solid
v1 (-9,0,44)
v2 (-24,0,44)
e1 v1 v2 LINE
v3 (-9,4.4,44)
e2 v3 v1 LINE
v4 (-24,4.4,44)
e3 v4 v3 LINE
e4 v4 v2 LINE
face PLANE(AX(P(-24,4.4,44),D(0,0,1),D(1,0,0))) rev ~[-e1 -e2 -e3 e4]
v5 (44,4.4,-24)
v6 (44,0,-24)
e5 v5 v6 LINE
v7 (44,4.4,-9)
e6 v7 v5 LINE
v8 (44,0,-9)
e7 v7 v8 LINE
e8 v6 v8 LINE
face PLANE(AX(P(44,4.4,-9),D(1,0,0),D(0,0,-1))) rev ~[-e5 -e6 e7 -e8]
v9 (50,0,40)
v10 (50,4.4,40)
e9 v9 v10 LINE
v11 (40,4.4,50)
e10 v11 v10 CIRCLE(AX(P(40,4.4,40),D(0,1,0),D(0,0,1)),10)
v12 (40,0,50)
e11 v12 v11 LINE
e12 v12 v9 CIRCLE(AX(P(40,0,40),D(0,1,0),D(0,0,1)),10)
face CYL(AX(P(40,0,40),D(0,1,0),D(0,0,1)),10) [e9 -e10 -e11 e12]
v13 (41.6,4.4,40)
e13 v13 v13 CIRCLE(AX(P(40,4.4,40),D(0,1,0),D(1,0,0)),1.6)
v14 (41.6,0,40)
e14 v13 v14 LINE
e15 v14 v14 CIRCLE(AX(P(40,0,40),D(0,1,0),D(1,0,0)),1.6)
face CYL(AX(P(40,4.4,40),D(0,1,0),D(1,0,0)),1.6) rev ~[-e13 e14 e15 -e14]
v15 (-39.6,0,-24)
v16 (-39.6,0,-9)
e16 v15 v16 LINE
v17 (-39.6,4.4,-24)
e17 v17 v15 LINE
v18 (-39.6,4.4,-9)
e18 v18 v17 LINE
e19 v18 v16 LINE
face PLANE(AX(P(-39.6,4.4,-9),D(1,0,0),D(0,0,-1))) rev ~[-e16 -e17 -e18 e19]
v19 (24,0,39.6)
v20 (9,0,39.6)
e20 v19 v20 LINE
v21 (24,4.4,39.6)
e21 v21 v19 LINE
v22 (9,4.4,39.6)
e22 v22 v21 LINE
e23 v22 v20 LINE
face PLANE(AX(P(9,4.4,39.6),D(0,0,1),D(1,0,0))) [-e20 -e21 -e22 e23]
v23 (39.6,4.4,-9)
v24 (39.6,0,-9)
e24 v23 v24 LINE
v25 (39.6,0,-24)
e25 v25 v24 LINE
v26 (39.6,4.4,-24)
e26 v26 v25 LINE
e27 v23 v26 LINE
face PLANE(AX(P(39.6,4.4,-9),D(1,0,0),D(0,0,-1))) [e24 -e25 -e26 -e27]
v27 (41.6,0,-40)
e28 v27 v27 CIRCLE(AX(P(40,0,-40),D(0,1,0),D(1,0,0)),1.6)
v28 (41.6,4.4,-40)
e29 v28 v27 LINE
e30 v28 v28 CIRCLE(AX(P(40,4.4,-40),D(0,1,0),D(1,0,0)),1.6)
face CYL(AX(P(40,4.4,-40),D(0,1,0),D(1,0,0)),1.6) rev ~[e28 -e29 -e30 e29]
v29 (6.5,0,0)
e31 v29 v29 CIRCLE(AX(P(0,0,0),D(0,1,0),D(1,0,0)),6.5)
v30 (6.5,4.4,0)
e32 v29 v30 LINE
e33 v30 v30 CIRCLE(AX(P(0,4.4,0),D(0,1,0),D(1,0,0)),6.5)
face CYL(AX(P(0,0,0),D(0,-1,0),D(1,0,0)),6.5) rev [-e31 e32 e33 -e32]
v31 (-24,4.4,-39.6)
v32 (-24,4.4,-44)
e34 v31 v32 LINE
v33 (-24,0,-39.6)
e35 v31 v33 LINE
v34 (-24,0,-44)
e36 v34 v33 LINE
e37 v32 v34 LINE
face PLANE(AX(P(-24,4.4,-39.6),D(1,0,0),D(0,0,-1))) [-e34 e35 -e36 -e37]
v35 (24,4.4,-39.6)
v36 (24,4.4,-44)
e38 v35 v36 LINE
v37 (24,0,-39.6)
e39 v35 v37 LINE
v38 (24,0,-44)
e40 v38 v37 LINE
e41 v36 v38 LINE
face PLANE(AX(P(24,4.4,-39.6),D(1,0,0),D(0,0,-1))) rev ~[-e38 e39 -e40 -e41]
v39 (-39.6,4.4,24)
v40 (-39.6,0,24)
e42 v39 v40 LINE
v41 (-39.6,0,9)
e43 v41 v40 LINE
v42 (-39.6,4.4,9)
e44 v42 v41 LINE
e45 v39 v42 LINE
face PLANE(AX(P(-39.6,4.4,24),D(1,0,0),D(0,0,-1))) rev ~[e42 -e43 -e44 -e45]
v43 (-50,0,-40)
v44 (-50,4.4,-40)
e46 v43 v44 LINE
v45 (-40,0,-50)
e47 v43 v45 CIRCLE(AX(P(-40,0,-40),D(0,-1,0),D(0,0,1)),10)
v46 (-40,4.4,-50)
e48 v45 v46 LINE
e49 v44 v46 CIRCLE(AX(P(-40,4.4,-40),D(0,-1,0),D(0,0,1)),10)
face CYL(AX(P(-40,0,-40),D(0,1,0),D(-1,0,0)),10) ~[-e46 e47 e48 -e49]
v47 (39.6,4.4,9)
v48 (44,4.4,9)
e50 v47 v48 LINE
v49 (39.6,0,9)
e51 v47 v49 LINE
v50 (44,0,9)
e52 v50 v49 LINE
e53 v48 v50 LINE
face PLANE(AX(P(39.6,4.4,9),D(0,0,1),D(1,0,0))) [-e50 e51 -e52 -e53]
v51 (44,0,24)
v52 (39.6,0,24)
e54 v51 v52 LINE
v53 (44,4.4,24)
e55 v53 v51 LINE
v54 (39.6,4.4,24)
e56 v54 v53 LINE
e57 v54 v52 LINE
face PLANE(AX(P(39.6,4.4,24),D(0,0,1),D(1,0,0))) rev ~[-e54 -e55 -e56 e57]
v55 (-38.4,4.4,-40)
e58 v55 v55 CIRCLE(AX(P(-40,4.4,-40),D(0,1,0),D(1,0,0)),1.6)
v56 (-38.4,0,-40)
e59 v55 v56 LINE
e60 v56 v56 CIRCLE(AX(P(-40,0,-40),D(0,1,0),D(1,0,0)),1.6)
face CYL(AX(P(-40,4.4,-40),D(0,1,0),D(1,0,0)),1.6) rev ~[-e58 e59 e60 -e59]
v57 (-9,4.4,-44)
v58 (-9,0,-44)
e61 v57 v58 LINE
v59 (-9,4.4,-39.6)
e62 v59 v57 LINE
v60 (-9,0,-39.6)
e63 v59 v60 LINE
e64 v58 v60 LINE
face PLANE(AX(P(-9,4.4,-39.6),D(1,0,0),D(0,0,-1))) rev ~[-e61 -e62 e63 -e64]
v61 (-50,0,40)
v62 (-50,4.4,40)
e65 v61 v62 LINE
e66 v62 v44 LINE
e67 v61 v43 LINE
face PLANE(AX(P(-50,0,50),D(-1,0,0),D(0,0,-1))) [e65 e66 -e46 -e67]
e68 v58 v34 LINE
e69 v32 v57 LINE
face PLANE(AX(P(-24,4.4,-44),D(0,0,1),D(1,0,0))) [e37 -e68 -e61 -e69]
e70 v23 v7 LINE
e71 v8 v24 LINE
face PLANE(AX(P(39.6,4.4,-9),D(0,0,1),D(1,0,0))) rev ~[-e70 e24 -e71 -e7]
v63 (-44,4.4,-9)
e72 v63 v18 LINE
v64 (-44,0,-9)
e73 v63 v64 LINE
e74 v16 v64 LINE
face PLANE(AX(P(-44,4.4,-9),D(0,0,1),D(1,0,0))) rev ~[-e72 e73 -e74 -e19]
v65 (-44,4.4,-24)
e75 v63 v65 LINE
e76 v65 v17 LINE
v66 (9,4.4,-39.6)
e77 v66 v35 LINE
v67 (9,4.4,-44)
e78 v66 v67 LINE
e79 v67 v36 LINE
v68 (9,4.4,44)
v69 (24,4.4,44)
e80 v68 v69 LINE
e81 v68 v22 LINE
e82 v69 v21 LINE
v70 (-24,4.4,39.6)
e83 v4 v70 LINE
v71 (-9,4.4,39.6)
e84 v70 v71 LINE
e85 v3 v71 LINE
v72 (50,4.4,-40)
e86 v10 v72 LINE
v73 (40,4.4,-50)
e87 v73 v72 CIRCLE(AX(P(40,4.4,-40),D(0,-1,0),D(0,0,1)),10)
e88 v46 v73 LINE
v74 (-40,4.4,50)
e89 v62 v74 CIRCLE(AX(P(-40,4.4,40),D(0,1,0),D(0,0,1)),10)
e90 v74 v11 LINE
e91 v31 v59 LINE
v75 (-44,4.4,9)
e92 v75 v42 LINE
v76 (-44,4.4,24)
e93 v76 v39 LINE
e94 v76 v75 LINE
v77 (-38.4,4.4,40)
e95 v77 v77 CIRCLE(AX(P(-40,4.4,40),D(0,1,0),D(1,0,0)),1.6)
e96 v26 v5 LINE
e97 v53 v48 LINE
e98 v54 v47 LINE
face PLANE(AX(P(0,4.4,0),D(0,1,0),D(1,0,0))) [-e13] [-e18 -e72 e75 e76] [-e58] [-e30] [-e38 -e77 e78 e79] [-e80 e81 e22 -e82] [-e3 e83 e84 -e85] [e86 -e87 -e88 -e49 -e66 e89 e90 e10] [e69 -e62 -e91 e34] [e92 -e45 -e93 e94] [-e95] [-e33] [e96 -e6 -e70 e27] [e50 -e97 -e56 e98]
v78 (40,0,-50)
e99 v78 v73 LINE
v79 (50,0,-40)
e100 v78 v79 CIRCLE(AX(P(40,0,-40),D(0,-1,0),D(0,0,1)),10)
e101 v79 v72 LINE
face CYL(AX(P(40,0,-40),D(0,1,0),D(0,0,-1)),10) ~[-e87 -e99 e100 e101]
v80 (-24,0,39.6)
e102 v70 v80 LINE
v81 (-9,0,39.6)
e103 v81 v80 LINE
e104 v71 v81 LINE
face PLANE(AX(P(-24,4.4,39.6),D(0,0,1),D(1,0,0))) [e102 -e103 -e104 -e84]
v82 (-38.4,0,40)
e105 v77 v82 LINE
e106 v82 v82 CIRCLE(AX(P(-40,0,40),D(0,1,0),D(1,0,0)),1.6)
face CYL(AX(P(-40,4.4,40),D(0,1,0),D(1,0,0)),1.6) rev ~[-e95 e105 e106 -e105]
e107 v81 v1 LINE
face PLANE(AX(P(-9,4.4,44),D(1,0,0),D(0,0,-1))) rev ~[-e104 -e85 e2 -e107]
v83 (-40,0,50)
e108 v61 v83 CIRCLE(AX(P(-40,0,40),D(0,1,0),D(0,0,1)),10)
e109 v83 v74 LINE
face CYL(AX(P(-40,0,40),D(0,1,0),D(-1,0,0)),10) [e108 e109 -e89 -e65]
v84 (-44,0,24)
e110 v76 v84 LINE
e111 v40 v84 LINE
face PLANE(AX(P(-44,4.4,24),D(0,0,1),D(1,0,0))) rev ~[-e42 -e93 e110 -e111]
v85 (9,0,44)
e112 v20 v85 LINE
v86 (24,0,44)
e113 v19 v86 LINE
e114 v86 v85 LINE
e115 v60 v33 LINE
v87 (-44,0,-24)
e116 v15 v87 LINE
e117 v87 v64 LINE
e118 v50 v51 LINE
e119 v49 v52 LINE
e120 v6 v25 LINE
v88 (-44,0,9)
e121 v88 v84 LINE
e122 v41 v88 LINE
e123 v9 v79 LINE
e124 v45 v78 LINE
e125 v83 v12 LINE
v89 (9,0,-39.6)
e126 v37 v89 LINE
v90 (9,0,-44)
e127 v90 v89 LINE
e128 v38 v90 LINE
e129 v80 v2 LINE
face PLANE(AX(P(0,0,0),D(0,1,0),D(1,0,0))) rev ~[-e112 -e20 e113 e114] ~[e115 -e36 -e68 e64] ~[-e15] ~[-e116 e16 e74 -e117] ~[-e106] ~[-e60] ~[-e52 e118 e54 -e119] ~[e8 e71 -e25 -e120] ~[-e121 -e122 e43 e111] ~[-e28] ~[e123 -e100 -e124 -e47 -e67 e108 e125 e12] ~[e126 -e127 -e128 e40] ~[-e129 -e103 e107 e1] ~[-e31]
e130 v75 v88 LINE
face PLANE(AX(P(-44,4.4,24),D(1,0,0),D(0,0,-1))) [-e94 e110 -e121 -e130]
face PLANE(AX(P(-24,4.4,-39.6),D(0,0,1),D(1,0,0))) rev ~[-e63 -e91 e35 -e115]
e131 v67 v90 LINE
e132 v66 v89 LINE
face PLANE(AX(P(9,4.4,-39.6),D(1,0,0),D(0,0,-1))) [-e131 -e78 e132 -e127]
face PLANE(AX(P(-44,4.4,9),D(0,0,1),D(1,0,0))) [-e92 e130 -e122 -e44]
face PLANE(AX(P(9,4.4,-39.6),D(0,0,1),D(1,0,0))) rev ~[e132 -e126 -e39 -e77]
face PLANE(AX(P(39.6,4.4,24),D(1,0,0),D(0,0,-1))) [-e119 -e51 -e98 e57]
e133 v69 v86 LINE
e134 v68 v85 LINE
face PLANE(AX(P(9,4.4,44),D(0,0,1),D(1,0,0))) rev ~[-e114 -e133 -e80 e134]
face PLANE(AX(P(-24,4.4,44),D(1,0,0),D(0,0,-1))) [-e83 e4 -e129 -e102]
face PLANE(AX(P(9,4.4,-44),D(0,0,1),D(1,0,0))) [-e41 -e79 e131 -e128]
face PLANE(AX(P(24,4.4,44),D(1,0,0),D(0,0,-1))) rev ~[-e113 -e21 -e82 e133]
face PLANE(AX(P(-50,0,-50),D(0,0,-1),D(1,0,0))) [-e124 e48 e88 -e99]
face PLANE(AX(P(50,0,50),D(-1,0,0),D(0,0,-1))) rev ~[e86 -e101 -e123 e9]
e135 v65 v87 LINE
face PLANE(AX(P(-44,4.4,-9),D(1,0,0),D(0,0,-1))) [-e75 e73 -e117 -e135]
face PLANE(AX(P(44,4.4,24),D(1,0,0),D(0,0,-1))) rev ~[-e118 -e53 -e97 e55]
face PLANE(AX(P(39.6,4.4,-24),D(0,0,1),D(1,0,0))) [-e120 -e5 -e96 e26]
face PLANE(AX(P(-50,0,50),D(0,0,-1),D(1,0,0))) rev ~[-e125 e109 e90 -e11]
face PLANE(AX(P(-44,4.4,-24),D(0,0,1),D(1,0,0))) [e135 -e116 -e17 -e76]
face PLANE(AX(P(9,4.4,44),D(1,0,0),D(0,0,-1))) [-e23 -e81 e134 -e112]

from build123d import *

# Parameters (mm, degrees)
SKETCH_1_W          = 100
SKETCH_1_H          = 100
SKETCH_1_R          = 6.5
EXTRUDE_1_DEPTH     = 4.4
FILLET_1_R          = 10
CUT_EXTRUDE_1_REACH = 6.4
SKETCH_2_R          = 1.6
SKETCH_2_W          = 15
SKETCH_2_H          = 4.4
SKETCH_2_W_2        = 4.4
SKETCH_2_H_2        = 15


with BuildPart() as part:
    # 草图1 → 凸台-拉伸1 (new body)
    with BuildSketch(Plane(origin=(0, 0, 0), x_dir=(1, 0, 0), z_dir=(0, 1, 0))):
        Rectangle(SKETCH_1_W, SKETCH_1_H)
        Circle(SKETCH_1_R, mode=Mode.SUBTRACT)
    extrude(amount=EXTRUDE_1_DEPTH)

    # 圆角1
    fillet_1_edges = [part.edges().sort_by_distance(p)[0] for p in [
        (50, 2.2, 50),
        (-50, 2.2, 50),
        (-50, 2.2, -50),
        (50, 2.2, -50),
    ]]
    fillet(fillet_1_edges, radius=FILLET_1_R)

    # 草图2 → 切除-拉伸1 (cut, up to next)
    with BuildSketch(Plane(origin=(0, 4.4, 0), x_dir=(1, 0, 0), z_dir=(0, 1, 0)), mode=Mode.PRIVATE) as cut_extrude_1_sk1:
        with Locations((40, 40)):
            Circle(SKETCH_2_R)
    cut_extrude_1_tool1 = extrude(cut_extrude_1_sk1.sketch, amount=-CUT_EXTRUDE_1_REACH, mode=Mode.PRIVATE) & part.part
    add(cut_extrude_1_tool1.solids().sort_by_distance((40, 4.4, -40))[0], mode=Mode.SUBTRACT)
    # 草图2 → 切除-拉伸1 (cut, up to next)
    with BuildSketch(Plane(origin=(0, 4.4, 0), x_dir=(1, 0, 0), z_dir=(0, 1, 0)), mode=Mode.PRIVATE) as cut_extrude_1_sk2:
        with Locations((40, -40)):
            Circle(SKETCH_2_R)
    cut_extrude_1_tool2 = extrude(cut_extrude_1_sk2.sketch, amount=-CUT_EXTRUDE_1_REACH, mode=Mode.PRIVATE) & part.part
    add(cut_extrude_1_tool2.solids().sort_by_distance((40, 4.4, 40))[0], mode=Mode.SUBTRACT)
    # 草图2 → 切除-拉伸1 (cut, up to next)
    with BuildSketch(Plane(origin=(0, 4.4, 0), x_dir=(1, 0, 0), z_dir=(0, 1, 0)), mode=Mode.PRIVATE) as cut_extrude_1_sk3:
        with Locations((-40, -40)):
            Circle(SKETCH_2_R)
    cut_extrude_1_tool3 = extrude(cut_extrude_1_sk3.sketch, amount=-CUT_EXTRUDE_1_REACH, mode=Mode.PRIVATE) & part.part
    add(cut_extrude_1_tool3.solids().sort_by_distance((-40, 4.4, 40))[0], mode=Mode.SUBTRACT)
    # 草图2 → 切除-拉伸1 (cut, up to next)
    with BuildSketch(Plane(origin=(0, 4.4, 0), x_dir=(1, 0, 0), z_dir=(0, 1, 0)), mode=Mode.PRIVATE) as cut_extrude_1_sk4:
        with Locations((-40, 40)):
            Circle(SKETCH_2_R)
    cut_extrude_1_tool4 = extrude(cut_extrude_1_sk4.sketch, amount=-CUT_EXTRUDE_1_REACH, mode=Mode.PRIVATE) & part.part
    add(cut_extrude_1_tool4.solids().sort_by_distance((-40, 4.4, -40))[0], mode=Mode.SUBTRACT)
    # 草图2 → 切除-拉伸1 (cut, up to next)
    with BuildSketch(Plane(origin=(0, 4.4, 0), x_dir=(1, 0, 0), z_dir=(0, 1, 0)), mode=Mode.PRIVATE) as cut_extrude_1_sk5:
        with Locations((-16.5, 41.8)):
            Rectangle(SKETCH_2_W, SKETCH_2_H)
    cut_extrude_1_tool5 = extrude(cut_extrude_1_sk5.sketch, amount=-CUT_EXTRUDE_1_REACH, mode=Mode.PRIVATE) & part.part
    add(cut_extrude_1_tool5.solids().sort_by_distance((-16.5, 4.4, -41.8))[0], mode=Mode.SUBTRACT)
    # 草图2 → 切除-拉伸1 (cut, up to next)
    with BuildSketch(Plane(origin=(0, 4.4, 0), x_dir=(1, 0, 0), z_dir=(0, 1, 0)), mode=Mode.PRIVATE) as cut_extrude_1_sk6:
        with Locations((16.5, 41.8)):
            Rectangle(SKETCH_2_W, SKETCH_2_H)
    cut_extrude_1_tool6 = extrude(cut_extrude_1_sk6.sketch, amount=-CUT_EXTRUDE_1_REACH, mode=Mode.PRIVATE) & part.part
    add(cut_extrude_1_tool6.solids().sort_by_distance((16.5, 4.4, -41.8))[0], mode=Mode.SUBTRACT)
    # 草图2 → 切除-拉伸1 (cut, up to next)
    with BuildSketch(Plane(origin=(0, 4.4, 0), x_dir=(1, 0, 0), z_dir=(0, 1, 0)), mode=Mode.PRIVATE) as cut_extrude_1_sk7:
        with Locations((41.8, -16.5)):
            Rectangle(SKETCH_2_W_2, SKETCH_2_H_2)
    cut_extrude_1_tool7 = extrude(cut_extrude_1_sk7.sketch, amount=-CUT_EXTRUDE_1_REACH, mode=Mode.PRIVATE) & part.part
    add(cut_extrude_1_tool7.solids().sort_by_distance((41.8, 4.4, 16.5))[0], mode=Mode.SUBTRACT)
    # 草图2 → 切除-拉伸1 (cut, up to next)
    with BuildSketch(Plane(origin=(0, 4.4, 0), x_dir=(1, 0, 0), z_dir=(0, 1, 0)), mode=Mode.PRIVATE) as cut_extrude_1_sk8:
        with Locations((41.8, 16.5)):
            Rectangle(SKETCH_2_W_2, SKETCH_2_H_2)
    cut_extrude_1_tool8 = extrude(cut_extrude_1_sk8.sketch, amount=-CUT_EXTRUDE_1_REACH, mode=Mode.PRIVATE) & part.part
    add(cut_extrude_1_tool8.solids().sort_by_distance((41.8, 4.4, -16.5))[0], mode=Mode.SUBTRACT)
    # 草图2 → 切除-拉伸1 (cut, up to next)
    with BuildSketch(Plane(origin=(0, 4.4, 0), x_dir=(1, 0, 0), z_dir=(0, 1, 0)), mode=Mode.PRIVATE) as cut_extrude_1_sk9:
        with Locations((-16.5, -41.8)):
            Rectangle(SKETCH_2_W, SKETCH_2_H)
    cut_extrude_1_tool9 = extrude(cut_extrude_1_sk9.sketch, amount=-CUT_EXTRUDE_1_REACH, mode=Mode.PRIVATE) & part.part
    add(cut_extrude_1_tool9.solids().sort_by_distance((-16.5, 4.4, 41.8))[0], mode=Mode.SUBTRACT)
    # 草图2 → 切除-拉伸1 (cut, up to next)
    with BuildSketch(Plane(origin=(0, 4.4, 0), x_dir=(1, 0, 0), z_dir=(0, 1, 0)), mode=Mode.PRIVATE) as cut_extrude_1_sk10:
        with Locations((16.5, -41.8)):
            Rectangle(SKETCH_2_W, SKETCH_2_H)
    cut_extrude_1_tool10 = extrude(cut_extrude_1_sk10.sketch, amount=-CUT_EXTRUDE_1_REACH, mode=Mode.PRIVATE) & part.part
    add(cut_extrude_1_tool10.solids().sort_by_distance((16.5, 4.4, 41.8))[0], mode=Mode.SUBTRACT)
    # 草图2 → 切除-拉伸1 (cut, up to next)
    with BuildSketch(Plane(origin=(0, 4.4, 0), x_dir=(1, 0, 0), z_dir=(0, 1, 0)), mode=Mode.PRIVATE) as cut_extrude_1_sk11:
        with Locations((-41.8, 16.5)):
            Rectangle(SKETCH_2_W_2, SKETCH_2_H_2)
    cut_extrude_1_tool11 = extrude(cut_extrude_1_sk11.sketch, amount=-CUT_EXTRUDE_1_REACH, mode=Mode.PRIVATE) & part.part
    add(cut_extrude_1_tool11.solids().sort_by_distance((-41.8, 4.4, -16.5))[0], mode=Mode.SUBTRACT)
    # 草图2 → 切除-拉伸1 (cut, up to next)
    with BuildSketch(Plane(origin=(0, 4.4, 0), x_dir=(1, 0, 0), z_dir=(0, 1, 0)), mode=Mode.PRIVATE) as cut_extrude_1_sk12:
        with Locations((-41.8, -16.5)):
            Rectangle(SKETCH_2_W_2, SKETCH_2_H_2)
    cut_extrude_1_tool12 = extrude(cut_extrude_1_sk12.sketch, amount=-CUT_EXTRUDE_1_REACH, mode=Mode.PRIVATE) & part.part
    add(cut_extrude_1_tool12.solids().sort_by_distance((-41.8, 4.4, 16.5))[0], mode=Mode.SUBTRACT)


solid = part.part
